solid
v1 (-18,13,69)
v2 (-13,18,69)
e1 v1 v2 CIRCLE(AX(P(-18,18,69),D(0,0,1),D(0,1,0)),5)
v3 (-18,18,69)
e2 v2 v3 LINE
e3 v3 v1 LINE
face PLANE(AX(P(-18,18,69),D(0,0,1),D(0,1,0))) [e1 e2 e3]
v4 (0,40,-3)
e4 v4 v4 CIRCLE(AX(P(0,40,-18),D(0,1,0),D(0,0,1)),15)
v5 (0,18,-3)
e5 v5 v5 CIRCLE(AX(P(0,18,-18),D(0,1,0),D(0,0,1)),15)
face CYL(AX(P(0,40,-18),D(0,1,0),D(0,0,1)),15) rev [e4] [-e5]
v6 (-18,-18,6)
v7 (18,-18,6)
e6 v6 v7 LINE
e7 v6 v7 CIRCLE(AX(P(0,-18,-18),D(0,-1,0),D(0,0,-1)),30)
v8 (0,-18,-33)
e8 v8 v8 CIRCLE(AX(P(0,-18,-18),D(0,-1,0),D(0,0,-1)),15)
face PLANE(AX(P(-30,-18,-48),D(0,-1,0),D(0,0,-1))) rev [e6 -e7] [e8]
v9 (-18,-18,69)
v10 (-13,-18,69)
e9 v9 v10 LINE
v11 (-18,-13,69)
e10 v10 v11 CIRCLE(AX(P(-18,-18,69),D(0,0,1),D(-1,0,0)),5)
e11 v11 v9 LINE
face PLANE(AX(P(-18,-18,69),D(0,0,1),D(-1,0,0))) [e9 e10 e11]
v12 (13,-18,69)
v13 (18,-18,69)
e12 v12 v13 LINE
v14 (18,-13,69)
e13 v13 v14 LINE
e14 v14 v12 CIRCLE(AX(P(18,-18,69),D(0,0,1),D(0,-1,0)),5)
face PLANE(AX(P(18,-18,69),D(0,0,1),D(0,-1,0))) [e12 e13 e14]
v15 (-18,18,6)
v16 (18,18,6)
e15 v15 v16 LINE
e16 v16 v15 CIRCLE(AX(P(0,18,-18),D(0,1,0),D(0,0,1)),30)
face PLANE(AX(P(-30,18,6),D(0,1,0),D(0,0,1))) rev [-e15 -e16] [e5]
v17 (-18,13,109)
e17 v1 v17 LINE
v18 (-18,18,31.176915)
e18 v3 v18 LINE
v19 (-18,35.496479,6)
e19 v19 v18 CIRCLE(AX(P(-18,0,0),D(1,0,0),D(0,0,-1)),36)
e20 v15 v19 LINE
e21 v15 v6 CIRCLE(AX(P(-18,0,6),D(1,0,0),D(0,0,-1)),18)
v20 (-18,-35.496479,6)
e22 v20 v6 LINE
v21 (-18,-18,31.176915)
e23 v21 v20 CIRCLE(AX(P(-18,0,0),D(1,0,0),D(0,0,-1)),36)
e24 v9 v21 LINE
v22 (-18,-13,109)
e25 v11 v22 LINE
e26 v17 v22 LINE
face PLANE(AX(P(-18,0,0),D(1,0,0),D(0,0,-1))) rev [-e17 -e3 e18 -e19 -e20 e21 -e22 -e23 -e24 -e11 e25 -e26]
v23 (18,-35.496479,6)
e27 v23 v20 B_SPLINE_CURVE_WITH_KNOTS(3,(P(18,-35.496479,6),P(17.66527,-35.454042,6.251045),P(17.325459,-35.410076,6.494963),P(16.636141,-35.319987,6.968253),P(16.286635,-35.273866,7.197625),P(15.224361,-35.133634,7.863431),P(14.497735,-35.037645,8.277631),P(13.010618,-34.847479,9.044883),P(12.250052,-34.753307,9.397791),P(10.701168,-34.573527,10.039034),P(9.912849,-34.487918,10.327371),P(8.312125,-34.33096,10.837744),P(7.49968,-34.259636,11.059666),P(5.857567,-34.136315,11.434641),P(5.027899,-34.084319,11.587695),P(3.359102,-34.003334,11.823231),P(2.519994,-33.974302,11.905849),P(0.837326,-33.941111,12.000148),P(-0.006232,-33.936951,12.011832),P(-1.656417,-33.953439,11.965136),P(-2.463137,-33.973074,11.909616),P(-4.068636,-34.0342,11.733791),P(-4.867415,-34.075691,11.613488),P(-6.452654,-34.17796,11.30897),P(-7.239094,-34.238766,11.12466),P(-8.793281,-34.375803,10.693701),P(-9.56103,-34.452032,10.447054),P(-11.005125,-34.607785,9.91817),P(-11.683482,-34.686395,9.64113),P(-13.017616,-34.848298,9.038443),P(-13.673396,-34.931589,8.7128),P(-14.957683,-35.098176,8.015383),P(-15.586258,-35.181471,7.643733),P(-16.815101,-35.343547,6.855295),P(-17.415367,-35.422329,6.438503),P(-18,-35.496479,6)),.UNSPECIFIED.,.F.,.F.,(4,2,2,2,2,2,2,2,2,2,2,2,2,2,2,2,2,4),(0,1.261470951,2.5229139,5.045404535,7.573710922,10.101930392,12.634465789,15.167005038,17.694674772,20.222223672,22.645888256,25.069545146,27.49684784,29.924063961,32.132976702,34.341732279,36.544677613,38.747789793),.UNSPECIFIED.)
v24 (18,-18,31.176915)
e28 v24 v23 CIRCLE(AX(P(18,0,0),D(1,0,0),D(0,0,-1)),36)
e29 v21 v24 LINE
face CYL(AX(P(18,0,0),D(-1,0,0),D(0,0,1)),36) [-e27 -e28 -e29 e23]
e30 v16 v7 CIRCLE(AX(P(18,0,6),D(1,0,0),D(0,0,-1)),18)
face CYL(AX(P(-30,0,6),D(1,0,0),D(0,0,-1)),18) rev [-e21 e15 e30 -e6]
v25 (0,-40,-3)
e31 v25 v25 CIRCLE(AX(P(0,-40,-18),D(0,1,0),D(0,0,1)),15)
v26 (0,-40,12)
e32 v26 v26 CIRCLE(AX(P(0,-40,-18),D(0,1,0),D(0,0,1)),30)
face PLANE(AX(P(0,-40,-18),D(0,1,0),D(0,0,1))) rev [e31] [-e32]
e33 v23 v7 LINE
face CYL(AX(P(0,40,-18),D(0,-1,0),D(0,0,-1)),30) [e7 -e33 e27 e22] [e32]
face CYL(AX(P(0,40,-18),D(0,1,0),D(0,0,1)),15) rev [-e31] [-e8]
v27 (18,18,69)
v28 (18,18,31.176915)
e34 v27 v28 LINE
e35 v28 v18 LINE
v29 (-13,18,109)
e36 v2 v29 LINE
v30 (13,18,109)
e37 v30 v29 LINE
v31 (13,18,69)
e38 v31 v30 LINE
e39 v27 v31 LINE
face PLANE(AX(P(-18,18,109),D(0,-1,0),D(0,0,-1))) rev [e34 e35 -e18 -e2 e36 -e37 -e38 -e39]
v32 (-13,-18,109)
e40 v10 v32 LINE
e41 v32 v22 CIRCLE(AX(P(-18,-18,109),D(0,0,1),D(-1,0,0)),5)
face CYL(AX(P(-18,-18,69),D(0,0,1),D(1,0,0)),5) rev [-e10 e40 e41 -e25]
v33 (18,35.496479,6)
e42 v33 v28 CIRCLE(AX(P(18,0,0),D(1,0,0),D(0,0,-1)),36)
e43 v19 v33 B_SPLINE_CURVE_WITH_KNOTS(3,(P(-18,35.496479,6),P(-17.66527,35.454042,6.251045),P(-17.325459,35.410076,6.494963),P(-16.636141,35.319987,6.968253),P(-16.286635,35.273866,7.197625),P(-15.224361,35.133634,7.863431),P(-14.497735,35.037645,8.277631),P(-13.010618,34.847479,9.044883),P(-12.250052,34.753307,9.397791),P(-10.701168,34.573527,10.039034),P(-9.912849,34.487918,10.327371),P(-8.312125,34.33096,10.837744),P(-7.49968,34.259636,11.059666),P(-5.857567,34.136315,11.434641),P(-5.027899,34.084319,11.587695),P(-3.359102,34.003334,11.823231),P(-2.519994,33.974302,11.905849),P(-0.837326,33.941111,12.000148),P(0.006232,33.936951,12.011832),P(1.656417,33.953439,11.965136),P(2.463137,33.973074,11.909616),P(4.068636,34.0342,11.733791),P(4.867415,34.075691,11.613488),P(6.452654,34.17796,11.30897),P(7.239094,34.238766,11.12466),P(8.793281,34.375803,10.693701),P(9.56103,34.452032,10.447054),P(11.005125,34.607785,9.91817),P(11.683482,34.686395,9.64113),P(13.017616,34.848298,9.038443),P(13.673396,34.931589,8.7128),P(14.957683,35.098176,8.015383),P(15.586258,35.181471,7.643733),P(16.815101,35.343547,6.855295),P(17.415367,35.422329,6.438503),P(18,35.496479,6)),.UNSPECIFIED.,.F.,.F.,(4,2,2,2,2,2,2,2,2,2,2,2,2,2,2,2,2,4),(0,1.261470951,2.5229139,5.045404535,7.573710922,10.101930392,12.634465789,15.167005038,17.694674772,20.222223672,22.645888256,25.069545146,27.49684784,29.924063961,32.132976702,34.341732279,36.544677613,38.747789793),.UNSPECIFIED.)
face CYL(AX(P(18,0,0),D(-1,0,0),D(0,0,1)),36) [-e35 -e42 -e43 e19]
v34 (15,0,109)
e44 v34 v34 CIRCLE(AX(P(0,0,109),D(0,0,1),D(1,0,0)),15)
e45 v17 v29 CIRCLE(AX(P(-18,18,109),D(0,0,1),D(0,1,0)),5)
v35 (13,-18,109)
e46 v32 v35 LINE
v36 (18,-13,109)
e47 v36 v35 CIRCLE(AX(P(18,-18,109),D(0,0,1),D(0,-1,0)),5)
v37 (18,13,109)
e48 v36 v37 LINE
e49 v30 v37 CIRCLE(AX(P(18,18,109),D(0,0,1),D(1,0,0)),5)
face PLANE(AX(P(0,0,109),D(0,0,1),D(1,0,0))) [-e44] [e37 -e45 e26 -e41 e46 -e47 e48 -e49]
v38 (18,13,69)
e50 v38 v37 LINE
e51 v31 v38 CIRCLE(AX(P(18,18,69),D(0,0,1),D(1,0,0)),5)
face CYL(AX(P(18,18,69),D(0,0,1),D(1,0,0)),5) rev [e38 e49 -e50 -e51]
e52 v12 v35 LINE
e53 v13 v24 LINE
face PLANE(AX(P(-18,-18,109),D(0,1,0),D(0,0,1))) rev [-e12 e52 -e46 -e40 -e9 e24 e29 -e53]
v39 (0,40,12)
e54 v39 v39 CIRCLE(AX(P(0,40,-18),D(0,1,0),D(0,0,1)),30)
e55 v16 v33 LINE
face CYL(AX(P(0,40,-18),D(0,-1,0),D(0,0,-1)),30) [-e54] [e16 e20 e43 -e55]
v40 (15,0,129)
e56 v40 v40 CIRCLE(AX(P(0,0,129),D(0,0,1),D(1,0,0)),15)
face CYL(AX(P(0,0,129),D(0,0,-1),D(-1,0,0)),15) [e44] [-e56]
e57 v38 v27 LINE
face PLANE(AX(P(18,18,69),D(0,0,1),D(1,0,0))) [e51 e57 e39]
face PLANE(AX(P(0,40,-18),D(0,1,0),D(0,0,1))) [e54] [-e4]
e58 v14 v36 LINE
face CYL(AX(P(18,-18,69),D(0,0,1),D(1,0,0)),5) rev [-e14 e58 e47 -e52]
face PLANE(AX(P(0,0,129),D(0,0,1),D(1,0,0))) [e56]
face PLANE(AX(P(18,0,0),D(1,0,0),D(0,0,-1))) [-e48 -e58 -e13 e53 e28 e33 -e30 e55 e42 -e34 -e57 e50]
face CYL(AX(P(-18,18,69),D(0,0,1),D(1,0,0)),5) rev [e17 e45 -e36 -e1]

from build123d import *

# Parameters (mm, degrees)
SKETCH1_R               = 36
BOSS_EXTRUDE1_DEPTH     = 18
SKETCH2_W               = 36
SKETCH2_H               = 36
BOSS_EXTRUDE2_DEPTH     = 109
SKETCH3_R               = 15
BOSS_EXTRUDE3_DEPTH     = 20
CUT_EXTRUDE1_DEPTH      = 40
CIRPATTERN1_COUNT       = 4
SKETCH5_R               = 30
BOSS_EXTRUDE4_DEPTH     = 40
CUT_EXTRUDE2_DEPTH      = 139.351002938
CUT_EXTRUDE2_DEPTH_BACK = 139.351002938
HOLE1_D                 = 30


with BuildPart() as part:
    # Sketch1 → Boss-Extrude1 (new, symmetric)
    with BuildSketch(Plane(origin=(0, 0, 0), x_dir=(0, 0, -1), z_dir=(1, 0, 0))):
        Circle(SKETCH1_R)
    extrude(amount=BOSS_EXTRUDE1_DEPTH, both=True)

    # Sketch2 → Boss-Extrude2 (add)
    with BuildSketch(Plane.XY):
        Rectangle(SKETCH2_W, SKETCH2_H)
    extrude(amount=BOSS_EXTRUDE2_DEPTH)

    # Sketch3 → Boss-Extrude3 (add)
    with BuildSketch(Plane.XY.offset(109)):
        Circle(SKETCH3_R)
    extrude(amount=BOSS_EXTRUDE3_DEPTH)

    # Sketch4 → Cut-Extrude1 (cut)
    with BuildSketch(Plane.XY.offset(109)):
        with BuildLine():
            Line((13, 18), (18, 18))
            Line((18, 18), (18, 13))
            ThreePointArc((18, 13), (14.464466094, 14.464466094), (13, 18))
        make_face()
    cut_extrude1 = extrude(amount=-CUT_EXTRUDE1_DEPTH, mode=Mode.SUBTRACT)

    # CirPattern1: Cut-Extrude1 ×4 about axis
    cirpattern1_axis = Axis((0, 0, 0), (0, 0, 1))
    for i in range(1, CIRPATTERN1_COUNT):
        add(cut_extrude1.rotate(cirpattern1_axis, i * 360 / CIRPATTERN1_COUNT), mode=Mode.SUBTRACT)

    # Sketch5 → Boss-Extrude4 (add, symmetric)
    with BuildSketch(Plane(origin=(0, 0, 0), x_dir=(1, 0, 0), z_dir=(0, 1, 0))):
        with Locations(Location((0, 18, 0), (0, 0, 270))):
            Circle(SKETCH5_R)
    extrude(amount=BOSS_EXTRUDE4_DEPTH, both=True)

    # Sketch6 → Cut-Extrude2 (cut, two sides: drawn at the far end of the back side and taken through both)
    with BuildSketch(Plane(origin=(0, 0, 0), x_dir=(0, 0, -1), z_dir=(1, 0, 0)).offset(-CUT_EXTRUDE2_DEPTH_BACK)):
        with BuildLine():
            Line((-6, 18), (48, 18))
            Line((48, 18), (48, -18))
            Line((48, -18), (-6, -18))
            ThreePointArc((-6, -18), (-24, 0), (-6, 18))
        make_face()
    extrude(amount=CUT_EXTRUDE2_DEPTH + CUT_EXTRUDE2_DEPTH_BACK, mode=Mode.SUBTRACT)

    # Hole1 (through all)
    with Locations(Plane(origin=(0, 40, 0), x_dir=(1, 0, 0), z_dir=(0, 1, 0))):
        with Locations((0, 18)):
            Hole(HOLE1_D / 2)


solid = part.part
